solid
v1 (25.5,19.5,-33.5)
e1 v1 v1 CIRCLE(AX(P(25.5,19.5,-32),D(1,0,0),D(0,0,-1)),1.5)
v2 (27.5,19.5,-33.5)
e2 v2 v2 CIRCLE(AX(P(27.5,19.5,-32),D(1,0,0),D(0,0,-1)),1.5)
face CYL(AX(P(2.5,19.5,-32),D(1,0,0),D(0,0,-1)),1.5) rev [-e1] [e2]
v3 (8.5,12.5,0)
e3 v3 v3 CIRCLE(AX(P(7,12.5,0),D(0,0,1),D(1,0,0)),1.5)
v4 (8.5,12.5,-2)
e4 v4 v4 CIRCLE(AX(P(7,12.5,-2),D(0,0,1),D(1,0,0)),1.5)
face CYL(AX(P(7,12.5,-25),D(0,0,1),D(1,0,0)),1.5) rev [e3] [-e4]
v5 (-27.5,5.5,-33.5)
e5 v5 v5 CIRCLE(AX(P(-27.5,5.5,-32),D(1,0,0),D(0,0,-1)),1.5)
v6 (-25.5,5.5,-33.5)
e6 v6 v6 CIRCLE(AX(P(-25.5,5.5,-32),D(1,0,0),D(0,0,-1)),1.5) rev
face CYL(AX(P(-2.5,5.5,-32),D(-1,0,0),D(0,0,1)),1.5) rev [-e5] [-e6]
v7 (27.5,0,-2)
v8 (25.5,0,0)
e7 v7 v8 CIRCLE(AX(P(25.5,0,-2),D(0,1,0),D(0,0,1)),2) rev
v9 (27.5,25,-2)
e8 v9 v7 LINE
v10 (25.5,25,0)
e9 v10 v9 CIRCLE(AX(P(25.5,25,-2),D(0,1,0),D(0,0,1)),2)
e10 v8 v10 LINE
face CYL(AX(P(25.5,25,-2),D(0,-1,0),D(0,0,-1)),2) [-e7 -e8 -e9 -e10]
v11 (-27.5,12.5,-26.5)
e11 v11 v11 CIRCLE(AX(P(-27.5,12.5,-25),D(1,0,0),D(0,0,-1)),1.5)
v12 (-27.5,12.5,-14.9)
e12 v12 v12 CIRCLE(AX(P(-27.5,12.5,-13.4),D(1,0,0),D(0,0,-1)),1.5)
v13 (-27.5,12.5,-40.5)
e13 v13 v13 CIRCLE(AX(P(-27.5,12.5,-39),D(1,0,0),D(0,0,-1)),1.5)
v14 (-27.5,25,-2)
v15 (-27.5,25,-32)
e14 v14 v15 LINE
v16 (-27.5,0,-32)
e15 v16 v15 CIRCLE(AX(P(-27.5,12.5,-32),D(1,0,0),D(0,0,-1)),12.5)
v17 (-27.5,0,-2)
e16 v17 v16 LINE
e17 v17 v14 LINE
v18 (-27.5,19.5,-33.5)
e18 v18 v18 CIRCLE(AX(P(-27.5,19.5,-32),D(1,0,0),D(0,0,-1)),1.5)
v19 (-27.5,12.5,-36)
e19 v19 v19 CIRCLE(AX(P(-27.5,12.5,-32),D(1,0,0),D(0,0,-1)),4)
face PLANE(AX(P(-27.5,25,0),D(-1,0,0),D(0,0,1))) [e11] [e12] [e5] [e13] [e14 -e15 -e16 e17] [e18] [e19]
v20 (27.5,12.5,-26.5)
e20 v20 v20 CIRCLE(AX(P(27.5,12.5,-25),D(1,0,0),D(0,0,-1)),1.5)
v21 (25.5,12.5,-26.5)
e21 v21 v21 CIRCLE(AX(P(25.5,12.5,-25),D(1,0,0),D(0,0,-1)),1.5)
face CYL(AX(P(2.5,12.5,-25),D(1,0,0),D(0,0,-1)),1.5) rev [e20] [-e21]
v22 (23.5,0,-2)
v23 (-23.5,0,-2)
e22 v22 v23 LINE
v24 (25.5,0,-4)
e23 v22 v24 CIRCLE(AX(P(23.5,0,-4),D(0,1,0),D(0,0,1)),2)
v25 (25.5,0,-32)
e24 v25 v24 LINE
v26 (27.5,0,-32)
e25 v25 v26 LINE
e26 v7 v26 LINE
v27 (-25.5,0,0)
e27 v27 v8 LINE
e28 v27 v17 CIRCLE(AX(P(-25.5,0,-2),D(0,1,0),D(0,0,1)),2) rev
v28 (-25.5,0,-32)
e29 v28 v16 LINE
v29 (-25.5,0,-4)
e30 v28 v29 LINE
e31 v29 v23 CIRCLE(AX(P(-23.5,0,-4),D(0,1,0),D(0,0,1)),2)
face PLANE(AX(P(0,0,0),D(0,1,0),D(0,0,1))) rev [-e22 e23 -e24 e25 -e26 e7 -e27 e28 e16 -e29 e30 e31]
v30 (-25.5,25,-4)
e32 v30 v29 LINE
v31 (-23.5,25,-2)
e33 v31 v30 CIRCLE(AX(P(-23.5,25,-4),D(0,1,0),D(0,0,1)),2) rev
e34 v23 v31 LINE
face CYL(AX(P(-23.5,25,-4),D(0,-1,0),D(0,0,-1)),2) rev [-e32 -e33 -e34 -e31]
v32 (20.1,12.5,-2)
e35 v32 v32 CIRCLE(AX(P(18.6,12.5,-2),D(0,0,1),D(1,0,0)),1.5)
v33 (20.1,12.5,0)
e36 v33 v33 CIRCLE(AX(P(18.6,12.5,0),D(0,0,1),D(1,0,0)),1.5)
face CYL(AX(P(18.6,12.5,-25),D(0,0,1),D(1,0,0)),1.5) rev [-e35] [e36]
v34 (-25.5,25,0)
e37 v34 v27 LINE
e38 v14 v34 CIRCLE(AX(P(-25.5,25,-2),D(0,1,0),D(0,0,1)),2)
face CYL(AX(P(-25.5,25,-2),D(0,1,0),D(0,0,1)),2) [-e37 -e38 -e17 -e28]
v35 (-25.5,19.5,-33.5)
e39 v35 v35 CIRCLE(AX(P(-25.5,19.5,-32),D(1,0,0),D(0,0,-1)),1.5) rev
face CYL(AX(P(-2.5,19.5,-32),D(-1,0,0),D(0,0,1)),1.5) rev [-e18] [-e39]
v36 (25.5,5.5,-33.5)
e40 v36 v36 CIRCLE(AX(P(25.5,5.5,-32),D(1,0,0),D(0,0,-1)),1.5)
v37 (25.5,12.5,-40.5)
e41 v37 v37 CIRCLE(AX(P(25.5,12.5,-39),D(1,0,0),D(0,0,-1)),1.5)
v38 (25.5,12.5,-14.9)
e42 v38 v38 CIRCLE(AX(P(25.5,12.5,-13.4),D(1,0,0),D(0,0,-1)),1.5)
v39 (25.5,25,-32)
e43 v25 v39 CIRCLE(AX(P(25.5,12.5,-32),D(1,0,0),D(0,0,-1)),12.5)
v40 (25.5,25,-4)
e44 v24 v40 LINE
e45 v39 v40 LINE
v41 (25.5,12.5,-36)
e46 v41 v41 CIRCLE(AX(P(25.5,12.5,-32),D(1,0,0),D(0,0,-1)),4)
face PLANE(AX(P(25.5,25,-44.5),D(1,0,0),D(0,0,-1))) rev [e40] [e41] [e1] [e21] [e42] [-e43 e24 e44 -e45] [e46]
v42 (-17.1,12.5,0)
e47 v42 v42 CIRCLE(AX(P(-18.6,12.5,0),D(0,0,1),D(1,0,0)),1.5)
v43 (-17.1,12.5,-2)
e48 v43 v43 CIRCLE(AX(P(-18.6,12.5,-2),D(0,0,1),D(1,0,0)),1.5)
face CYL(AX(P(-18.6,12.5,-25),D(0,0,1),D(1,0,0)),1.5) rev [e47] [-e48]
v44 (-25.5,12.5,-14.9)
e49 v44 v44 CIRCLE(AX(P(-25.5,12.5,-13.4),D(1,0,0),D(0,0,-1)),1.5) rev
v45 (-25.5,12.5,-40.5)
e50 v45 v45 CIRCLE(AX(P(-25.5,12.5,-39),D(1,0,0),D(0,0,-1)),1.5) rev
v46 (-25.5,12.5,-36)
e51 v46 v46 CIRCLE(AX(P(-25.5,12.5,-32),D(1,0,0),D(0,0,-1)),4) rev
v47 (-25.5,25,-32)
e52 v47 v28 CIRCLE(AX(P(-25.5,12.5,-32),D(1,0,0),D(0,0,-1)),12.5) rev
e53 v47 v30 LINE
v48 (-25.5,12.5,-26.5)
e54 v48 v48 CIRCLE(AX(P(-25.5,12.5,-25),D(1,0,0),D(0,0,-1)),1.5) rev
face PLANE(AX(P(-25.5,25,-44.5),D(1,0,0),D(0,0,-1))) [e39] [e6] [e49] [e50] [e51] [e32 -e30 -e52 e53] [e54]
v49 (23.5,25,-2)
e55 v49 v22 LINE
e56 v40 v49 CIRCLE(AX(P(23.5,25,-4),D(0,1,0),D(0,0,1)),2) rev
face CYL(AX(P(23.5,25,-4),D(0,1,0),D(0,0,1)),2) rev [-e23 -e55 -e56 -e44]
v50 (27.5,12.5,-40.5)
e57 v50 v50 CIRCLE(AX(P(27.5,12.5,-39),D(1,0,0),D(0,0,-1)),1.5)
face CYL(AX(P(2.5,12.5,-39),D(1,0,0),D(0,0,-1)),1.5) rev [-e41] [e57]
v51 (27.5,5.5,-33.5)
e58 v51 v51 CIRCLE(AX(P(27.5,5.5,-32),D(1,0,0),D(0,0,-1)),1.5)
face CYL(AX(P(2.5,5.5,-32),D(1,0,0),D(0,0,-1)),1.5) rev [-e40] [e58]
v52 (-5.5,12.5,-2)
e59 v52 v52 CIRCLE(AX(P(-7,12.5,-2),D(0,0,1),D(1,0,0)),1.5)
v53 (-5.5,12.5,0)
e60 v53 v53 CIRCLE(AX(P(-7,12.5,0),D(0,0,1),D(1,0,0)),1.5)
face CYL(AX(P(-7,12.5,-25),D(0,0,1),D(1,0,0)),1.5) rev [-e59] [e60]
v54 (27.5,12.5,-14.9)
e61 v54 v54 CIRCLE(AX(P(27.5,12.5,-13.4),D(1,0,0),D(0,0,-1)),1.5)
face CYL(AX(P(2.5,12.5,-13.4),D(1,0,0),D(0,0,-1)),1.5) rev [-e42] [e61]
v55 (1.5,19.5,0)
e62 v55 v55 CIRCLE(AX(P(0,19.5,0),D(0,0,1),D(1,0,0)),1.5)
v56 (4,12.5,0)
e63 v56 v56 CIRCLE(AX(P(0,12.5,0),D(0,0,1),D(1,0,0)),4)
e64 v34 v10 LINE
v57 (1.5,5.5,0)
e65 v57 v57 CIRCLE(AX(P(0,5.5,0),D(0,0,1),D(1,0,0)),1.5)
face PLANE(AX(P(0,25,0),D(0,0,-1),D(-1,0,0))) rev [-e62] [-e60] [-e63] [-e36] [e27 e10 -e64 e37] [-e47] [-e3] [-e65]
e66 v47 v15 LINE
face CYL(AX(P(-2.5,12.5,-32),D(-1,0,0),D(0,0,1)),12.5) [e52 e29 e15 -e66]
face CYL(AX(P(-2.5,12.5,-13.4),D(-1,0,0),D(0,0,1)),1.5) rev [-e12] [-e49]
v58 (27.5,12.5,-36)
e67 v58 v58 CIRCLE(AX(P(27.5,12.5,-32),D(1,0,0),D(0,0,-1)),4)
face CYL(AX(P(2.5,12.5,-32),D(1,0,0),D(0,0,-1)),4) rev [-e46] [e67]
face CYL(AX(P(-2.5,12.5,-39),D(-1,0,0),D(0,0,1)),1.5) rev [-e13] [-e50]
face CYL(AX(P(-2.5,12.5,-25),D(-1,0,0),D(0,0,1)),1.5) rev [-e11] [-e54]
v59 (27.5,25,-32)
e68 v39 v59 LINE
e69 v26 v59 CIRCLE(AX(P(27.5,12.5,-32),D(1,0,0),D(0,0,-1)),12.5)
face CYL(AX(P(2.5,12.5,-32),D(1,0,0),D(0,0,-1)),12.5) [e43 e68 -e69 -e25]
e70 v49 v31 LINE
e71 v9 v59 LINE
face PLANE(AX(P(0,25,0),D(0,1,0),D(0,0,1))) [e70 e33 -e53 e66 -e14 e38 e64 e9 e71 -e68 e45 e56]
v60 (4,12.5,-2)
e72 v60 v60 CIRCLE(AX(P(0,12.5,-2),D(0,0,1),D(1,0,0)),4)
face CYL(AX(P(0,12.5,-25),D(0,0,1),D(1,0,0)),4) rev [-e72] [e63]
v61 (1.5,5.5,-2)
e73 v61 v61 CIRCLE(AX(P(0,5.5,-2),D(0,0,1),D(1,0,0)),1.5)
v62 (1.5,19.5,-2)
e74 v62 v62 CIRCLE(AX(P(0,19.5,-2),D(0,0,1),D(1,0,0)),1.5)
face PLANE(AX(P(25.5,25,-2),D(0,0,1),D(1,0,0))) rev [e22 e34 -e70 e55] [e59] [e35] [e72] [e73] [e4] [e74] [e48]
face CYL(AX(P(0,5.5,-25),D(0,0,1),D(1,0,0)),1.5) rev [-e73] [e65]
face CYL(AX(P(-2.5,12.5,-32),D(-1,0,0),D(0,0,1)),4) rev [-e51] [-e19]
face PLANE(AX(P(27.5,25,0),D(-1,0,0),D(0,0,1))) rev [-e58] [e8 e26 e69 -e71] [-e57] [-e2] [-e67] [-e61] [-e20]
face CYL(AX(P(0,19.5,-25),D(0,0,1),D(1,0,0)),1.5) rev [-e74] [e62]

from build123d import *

# Parameters (mm, degrees)
EXTRUDE_1_DEPTH     = 25
SKETCH_2_R          = 1.5
SKETCH_2_R_2        = 4
CUT_EXTRUDE_1_DEPTH = 25
SKETCH_3_R          = 1.5
SKETCH_3_R_2        = 4
CUT_EXTRUDE_2_DEPTH = 25
FILLET_1_R          = 2


with BuildPart() as part:
    # 草图1 → 凸台-拉伸1 (new body)
    with BuildSketch(Plane(origin=(0, 0, 0), x_dir=(1, 0, 0), z_dir=(0, 1, 0))):
        Polygon((0, 0), (27.5, 0), (27.5, 44.5), (25.5, 44.5), (25.5, 2), (0, 2), align=None)
    extrude_1 = extrude(amount=EXTRUDE_1_DEPTH)

    # 草图2 → 切除-拉伸1 (cut)
    with BuildSketch(Plane(origin=(27.5, 0, 0), x_dir=(0, 0, -1), z_dir=(1, 0, 0))):
        with Locations((13.4, 12.5)):
            Circle(SKETCH_2_R)
        with Locations((32, 12.5)):
            Circle(SKETCH_2_R_2)
        with Locations((32, 19.5)):
            Circle(SKETCH_2_R)
        with Locations((39, 12.5)):
            Circle(SKETCH_2_R)
        with Locations((32, 5.5)):
            Circle(SKETCH_2_R)
        with BuildLine():
            ThreePointArc((44.5, 12.5), (40.838834765, 3.661165235), (32, 0))
            Line((32, 0), (44.5, 0))
            Line((44.5, 0), (44.5, 12.5))
        make_face()
        with BuildLine():
            ThreePointArc((32, 25), (40.838834765, 21.338834765), (44.5, 12.5))
            Line((44.5, 12.5), (44.5, 25))
            Line((44.5, 25), (32, 25))
        make_face()
        with Locations((25, 12.5)):
            Circle(SKETCH_2_R)
    cut_extrude_1 = extrude(amount=-CUT_EXTRUDE_1_DEPTH, mode=Mode.SUBTRACT)

    # 镜向1: 凸台-拉伸1, 切除-拉伸1 across plane
    add(extrude_1.mirror(Plane(origin=(0, 25, -2), x_dir=(0, 0, 1), z_dir=(1, 0, 0))))
    add(cut_extrude_1.mirror(Plane(origin=(0, 25, -2), x_dir=(0, 0, 1), z_dir=(1, 0, 0))), mode=Mode.SUBTRACT)

    # 草图3 → 切除-拉伸2 (cut)
    with BuildSketch(Plane.XY):
        with Locations((0, 19.5)):
            Circle(SKETCH_3_R)
        with Locations((7, 12.5)):
            Circle(SKETCH_3_R)
        with Locations((0, 5.5)):
            Circle(SKETCH_3_R)
        with Locations((-7, 12.5)):
            Circle(SKETCH_3_R)
        with Locations((-18.6, 12.5)):
            Circle(SKETCH_3_R)
        with Locations((0, 12.5)):
            Circle(SKETCH_3_R_2)
        with Locations((18.6, 12.5)):
            Circle(SKETCH_3_R)
    extrude(amount=-CUT_EXTRUDE_2_DEPTH, mode=Mode.SUBTRACT)

    # 圆角1
    fillet_1_edges = [part.edges().sort_by_distance(p)[0] for p in [
        (25.5, 12.5, -2),
        (27.5, 12.5, 0),
        (-25.5, 12.5, -2),
        (-27.5, 12.5, 0),
    ]]
    fillet(fillet_1_edges, radius=FILLET_1_R)


solid = part.part
